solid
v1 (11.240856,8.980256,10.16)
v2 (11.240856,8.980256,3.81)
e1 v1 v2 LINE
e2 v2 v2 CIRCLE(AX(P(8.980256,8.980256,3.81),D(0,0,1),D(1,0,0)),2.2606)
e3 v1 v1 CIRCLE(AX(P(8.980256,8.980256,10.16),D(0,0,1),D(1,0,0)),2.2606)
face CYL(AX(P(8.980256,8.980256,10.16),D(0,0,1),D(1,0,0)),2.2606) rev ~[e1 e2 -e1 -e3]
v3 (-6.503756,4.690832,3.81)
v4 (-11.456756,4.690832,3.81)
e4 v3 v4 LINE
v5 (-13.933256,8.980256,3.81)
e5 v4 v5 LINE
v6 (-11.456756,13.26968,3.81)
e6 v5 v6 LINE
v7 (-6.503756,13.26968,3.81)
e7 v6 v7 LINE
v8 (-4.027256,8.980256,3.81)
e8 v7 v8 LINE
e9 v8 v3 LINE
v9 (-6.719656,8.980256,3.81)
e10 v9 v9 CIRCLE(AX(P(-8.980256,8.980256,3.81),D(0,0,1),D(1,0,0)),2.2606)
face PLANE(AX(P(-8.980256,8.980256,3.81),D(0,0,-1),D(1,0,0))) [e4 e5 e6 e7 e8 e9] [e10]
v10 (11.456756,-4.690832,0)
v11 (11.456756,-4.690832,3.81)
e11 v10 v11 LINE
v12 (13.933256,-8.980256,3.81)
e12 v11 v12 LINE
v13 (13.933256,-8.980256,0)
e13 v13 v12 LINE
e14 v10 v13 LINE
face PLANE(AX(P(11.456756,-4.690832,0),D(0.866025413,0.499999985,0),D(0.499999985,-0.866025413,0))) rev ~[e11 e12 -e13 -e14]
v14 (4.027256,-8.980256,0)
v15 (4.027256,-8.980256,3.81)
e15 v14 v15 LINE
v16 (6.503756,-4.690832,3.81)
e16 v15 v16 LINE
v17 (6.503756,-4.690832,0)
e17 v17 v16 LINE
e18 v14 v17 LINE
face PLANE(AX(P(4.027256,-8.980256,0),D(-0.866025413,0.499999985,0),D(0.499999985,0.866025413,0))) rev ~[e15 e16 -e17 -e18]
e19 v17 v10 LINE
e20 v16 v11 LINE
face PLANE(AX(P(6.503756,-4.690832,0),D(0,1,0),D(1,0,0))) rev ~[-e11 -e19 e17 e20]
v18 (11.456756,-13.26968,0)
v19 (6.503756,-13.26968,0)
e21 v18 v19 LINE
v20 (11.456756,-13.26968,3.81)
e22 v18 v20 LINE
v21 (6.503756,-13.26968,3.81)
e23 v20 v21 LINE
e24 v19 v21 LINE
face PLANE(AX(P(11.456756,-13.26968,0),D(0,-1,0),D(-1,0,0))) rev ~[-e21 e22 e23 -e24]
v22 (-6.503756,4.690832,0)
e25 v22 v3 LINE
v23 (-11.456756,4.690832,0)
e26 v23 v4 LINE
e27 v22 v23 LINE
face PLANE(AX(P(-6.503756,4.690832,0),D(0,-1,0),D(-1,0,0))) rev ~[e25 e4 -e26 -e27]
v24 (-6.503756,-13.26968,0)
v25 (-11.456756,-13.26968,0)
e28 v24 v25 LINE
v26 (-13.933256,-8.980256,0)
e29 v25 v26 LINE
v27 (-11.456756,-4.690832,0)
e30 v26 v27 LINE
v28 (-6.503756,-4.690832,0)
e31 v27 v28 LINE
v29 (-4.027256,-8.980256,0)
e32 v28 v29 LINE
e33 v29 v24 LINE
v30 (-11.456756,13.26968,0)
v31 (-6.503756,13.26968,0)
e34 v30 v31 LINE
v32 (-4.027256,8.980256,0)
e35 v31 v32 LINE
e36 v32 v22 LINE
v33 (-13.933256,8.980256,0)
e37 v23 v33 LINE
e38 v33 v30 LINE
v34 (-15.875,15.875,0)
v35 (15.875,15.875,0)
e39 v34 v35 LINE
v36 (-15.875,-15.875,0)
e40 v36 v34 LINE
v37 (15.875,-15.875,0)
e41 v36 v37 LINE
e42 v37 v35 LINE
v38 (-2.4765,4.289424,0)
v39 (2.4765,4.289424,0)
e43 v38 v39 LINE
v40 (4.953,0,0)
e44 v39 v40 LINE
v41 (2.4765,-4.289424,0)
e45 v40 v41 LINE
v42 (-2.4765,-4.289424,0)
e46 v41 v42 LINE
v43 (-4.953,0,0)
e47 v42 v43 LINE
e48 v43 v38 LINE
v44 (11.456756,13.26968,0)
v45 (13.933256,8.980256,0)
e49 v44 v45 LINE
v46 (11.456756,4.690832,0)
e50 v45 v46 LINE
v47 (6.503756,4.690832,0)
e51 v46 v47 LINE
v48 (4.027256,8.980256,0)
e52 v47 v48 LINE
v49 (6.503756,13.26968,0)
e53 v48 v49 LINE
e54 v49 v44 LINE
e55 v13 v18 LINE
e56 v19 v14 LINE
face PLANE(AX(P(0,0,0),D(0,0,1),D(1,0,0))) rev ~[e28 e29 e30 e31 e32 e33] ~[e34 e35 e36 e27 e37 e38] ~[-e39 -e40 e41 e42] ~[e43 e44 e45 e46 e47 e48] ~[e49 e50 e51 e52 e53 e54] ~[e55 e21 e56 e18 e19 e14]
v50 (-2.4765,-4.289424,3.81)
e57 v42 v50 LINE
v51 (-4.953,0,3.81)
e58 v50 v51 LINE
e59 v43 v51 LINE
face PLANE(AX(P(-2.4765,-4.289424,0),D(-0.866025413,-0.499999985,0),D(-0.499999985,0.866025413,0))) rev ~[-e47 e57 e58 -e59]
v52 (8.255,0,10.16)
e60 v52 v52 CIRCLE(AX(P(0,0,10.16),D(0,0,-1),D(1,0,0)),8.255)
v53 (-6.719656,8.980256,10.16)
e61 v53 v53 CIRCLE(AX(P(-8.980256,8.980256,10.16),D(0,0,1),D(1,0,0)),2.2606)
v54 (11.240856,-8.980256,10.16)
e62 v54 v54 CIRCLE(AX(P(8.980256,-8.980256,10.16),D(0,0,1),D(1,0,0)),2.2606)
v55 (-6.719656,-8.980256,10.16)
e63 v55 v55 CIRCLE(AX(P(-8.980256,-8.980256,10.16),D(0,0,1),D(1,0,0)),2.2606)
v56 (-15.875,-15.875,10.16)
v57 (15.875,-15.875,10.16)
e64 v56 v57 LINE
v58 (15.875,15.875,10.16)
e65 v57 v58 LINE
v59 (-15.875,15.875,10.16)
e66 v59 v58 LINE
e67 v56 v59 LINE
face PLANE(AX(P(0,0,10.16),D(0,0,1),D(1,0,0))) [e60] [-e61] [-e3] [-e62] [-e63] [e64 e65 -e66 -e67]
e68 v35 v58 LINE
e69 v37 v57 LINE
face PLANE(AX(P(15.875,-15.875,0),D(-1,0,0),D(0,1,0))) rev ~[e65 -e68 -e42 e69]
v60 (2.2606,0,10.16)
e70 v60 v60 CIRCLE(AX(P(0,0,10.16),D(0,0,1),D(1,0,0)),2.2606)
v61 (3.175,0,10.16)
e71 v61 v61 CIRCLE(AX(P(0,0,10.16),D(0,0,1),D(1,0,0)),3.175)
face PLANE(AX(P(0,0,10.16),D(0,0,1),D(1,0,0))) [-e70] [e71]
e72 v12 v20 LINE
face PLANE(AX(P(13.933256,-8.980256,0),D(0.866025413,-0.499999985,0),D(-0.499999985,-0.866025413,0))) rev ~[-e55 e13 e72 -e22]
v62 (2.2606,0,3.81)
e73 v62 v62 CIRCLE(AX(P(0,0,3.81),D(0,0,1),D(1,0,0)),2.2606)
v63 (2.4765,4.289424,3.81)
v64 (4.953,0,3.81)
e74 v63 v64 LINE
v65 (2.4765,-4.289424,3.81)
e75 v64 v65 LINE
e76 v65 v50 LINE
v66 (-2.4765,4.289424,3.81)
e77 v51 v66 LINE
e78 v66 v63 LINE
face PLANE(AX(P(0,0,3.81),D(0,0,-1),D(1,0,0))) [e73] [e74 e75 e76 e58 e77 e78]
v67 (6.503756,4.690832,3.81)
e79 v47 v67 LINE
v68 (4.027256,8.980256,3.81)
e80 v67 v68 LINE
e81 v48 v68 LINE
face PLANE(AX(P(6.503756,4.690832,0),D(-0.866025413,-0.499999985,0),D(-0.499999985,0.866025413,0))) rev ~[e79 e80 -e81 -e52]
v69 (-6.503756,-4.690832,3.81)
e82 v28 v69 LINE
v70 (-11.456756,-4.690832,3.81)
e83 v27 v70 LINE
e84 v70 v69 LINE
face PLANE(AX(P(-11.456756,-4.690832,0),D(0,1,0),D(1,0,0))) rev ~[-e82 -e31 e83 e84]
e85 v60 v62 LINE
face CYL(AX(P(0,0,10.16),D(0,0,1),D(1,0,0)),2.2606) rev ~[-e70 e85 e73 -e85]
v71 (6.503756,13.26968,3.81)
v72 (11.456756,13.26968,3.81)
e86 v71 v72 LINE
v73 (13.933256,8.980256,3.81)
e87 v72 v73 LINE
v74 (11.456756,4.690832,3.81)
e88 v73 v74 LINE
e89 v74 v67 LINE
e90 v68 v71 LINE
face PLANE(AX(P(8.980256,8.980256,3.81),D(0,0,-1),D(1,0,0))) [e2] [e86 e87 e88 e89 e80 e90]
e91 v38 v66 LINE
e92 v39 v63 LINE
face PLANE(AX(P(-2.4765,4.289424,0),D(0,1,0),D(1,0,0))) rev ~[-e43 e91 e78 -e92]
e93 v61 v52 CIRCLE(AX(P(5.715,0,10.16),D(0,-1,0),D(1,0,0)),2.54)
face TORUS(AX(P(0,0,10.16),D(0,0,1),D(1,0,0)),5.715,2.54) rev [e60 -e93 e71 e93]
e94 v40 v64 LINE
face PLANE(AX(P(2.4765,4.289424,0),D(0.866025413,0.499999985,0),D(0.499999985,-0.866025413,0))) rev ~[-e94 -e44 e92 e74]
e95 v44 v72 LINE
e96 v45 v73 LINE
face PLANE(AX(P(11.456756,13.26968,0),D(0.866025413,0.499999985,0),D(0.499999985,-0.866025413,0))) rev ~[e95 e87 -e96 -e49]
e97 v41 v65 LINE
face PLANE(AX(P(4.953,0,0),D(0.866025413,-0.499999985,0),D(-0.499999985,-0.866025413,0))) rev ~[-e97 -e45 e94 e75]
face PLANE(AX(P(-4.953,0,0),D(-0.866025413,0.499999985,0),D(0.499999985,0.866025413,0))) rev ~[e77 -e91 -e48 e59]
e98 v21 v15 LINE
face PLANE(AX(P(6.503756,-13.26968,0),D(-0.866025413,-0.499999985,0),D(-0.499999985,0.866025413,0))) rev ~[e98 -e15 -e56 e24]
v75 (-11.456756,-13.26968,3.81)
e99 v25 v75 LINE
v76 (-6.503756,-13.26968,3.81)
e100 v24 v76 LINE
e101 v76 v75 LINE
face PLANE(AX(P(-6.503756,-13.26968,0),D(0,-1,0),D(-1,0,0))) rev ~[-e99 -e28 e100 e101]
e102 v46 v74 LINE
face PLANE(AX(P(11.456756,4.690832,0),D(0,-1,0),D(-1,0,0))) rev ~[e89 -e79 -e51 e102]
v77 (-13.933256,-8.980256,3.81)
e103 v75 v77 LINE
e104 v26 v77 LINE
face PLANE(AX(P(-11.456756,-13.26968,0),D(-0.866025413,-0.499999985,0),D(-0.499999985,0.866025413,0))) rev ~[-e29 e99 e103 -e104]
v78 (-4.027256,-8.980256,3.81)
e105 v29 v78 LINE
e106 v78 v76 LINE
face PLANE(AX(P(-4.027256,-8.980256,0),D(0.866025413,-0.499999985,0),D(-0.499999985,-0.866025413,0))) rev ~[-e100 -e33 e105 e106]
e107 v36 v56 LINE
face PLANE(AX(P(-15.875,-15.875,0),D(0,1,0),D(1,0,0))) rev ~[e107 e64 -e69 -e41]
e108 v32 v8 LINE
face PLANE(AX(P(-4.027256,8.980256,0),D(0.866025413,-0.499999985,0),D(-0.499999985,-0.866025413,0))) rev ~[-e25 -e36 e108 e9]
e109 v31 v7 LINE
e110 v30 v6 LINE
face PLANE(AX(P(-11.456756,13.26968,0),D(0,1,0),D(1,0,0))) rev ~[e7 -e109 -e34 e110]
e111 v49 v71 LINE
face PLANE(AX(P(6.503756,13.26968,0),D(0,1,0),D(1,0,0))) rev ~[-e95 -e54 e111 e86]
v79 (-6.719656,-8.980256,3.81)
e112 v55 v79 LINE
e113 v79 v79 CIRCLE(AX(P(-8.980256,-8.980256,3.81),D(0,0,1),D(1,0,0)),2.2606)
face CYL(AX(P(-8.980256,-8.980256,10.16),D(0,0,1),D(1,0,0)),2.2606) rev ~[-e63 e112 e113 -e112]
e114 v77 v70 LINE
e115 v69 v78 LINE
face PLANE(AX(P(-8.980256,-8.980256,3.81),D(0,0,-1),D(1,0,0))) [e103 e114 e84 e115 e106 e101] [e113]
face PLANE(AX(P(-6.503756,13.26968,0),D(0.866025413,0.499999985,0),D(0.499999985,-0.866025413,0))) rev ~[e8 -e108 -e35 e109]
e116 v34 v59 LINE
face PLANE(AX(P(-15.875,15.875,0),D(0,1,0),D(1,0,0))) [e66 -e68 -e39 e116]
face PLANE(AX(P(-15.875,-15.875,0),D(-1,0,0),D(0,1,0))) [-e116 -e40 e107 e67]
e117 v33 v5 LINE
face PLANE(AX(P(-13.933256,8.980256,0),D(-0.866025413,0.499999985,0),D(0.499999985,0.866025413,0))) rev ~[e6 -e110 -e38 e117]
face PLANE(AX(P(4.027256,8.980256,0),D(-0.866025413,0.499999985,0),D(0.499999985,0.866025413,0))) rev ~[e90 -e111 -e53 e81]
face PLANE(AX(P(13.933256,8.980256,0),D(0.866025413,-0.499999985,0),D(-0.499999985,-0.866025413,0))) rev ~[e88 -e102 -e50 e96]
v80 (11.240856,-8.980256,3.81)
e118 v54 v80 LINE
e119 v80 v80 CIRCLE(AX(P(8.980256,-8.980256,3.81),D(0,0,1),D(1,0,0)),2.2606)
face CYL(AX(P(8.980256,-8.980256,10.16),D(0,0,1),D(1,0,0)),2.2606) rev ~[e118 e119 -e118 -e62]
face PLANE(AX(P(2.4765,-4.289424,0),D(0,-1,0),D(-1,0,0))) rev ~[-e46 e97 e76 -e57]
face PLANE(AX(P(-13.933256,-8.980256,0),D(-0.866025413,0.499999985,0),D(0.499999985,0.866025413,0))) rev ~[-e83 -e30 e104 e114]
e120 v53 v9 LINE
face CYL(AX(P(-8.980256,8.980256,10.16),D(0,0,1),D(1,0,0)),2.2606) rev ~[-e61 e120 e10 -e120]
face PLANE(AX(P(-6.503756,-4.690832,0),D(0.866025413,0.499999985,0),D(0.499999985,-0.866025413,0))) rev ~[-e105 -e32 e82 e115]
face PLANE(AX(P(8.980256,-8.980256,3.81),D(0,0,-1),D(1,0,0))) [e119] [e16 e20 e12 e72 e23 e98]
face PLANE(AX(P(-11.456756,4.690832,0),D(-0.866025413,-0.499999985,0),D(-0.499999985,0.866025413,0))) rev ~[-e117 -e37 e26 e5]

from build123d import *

# Parameters (mm, degrees)
F0_W     = 31.75
F0_H     = 31.75
F1_DEPTH = 10.16
F2_R     = 2.54
F4_R     = 2.2606
F5_DEPTH = 25.4
F7_DEPTH = 3.81


with BuildPart() as f1:
    # F0 (on Top) → F1 (new body)
    with BuildSketch(Plane.XY):
        Rectangle(F0_W, F0_H)
    extrude(amount=F1_DEPTH)

    # F2 (on Front) → F3 (revolve, cut)
    with BuildSketch(Plane.XZ):
        with Locations((5.715, 10.16)):
            Circle(F2_R)
    revolve(axis=Axis((0, 0, 8.061379), (0, 0, -1)), mode=Mode.SUBTRACT)

    # F4 (on face) → F5 (cut)
    with BuildSketch(Plane.XY.offset(10.16)):
        Circle(F4_R)
        with Locations((-8.980256, 8.980256)):
            Circle(F4_R)
        with Locations((8.980256, 8.980256)):
            Circle(F4_R)
        with Locations((-8.980256, -8.980256)):
            Circle(F4_R)
        with Locations((8.980256, -8.980256)):
            Circle(F4_R)
    extrude(amount=-F5_DEPTH, mode=Mode.SUBTRACT)

    # F6 (on face) → F7 (cut)
    with BuildSketch(Plane(origin=(0, 0, 0), x_dir=(1, 0, 0), z_dir=(0, 0, -1))):
        Polygon((-2.4765, -4.289424), (2.4765, -4.289424), (4.953, 0), (2.4765, 4.289424), (-2.4765, 4.289424), (-4.953, 0), align=None)
        Polygon((-11.456756, 4.690832), (-6.503756, 4.690832), (-4.027256, 8.980256), (-6.503756, 13.26968), (-11.456756, 13.26968), (-13.933256, 8.980256), align=None)
        Polygon((11.456756, 13.26968), (6.503756, 13.26968), (4.027256, 8.980256), (6.503756, 4.690832), (11.456756, 4.690832), (13.933256, 8.980256), align=None)
        Polygon((4.027256, -8.980256), (6.503756, -13.26968), (11.456756, -13.26968), (13.933256, -8.980256), (11.456756, -4.690832), (6.503756, -4.690832), align=None)
        Polygon((-4.027256, -8.980256), (-6.503756, -4.690832), (-11.456756, -4.690832), (-13.933256, -8.980256), (-11.456756, -13.26968), (-6.503756, -13.26968), align=None)
    extrude(amount=-F7_DEPTH, mode=Mode.SUBTRACT)


solid = f1.part
